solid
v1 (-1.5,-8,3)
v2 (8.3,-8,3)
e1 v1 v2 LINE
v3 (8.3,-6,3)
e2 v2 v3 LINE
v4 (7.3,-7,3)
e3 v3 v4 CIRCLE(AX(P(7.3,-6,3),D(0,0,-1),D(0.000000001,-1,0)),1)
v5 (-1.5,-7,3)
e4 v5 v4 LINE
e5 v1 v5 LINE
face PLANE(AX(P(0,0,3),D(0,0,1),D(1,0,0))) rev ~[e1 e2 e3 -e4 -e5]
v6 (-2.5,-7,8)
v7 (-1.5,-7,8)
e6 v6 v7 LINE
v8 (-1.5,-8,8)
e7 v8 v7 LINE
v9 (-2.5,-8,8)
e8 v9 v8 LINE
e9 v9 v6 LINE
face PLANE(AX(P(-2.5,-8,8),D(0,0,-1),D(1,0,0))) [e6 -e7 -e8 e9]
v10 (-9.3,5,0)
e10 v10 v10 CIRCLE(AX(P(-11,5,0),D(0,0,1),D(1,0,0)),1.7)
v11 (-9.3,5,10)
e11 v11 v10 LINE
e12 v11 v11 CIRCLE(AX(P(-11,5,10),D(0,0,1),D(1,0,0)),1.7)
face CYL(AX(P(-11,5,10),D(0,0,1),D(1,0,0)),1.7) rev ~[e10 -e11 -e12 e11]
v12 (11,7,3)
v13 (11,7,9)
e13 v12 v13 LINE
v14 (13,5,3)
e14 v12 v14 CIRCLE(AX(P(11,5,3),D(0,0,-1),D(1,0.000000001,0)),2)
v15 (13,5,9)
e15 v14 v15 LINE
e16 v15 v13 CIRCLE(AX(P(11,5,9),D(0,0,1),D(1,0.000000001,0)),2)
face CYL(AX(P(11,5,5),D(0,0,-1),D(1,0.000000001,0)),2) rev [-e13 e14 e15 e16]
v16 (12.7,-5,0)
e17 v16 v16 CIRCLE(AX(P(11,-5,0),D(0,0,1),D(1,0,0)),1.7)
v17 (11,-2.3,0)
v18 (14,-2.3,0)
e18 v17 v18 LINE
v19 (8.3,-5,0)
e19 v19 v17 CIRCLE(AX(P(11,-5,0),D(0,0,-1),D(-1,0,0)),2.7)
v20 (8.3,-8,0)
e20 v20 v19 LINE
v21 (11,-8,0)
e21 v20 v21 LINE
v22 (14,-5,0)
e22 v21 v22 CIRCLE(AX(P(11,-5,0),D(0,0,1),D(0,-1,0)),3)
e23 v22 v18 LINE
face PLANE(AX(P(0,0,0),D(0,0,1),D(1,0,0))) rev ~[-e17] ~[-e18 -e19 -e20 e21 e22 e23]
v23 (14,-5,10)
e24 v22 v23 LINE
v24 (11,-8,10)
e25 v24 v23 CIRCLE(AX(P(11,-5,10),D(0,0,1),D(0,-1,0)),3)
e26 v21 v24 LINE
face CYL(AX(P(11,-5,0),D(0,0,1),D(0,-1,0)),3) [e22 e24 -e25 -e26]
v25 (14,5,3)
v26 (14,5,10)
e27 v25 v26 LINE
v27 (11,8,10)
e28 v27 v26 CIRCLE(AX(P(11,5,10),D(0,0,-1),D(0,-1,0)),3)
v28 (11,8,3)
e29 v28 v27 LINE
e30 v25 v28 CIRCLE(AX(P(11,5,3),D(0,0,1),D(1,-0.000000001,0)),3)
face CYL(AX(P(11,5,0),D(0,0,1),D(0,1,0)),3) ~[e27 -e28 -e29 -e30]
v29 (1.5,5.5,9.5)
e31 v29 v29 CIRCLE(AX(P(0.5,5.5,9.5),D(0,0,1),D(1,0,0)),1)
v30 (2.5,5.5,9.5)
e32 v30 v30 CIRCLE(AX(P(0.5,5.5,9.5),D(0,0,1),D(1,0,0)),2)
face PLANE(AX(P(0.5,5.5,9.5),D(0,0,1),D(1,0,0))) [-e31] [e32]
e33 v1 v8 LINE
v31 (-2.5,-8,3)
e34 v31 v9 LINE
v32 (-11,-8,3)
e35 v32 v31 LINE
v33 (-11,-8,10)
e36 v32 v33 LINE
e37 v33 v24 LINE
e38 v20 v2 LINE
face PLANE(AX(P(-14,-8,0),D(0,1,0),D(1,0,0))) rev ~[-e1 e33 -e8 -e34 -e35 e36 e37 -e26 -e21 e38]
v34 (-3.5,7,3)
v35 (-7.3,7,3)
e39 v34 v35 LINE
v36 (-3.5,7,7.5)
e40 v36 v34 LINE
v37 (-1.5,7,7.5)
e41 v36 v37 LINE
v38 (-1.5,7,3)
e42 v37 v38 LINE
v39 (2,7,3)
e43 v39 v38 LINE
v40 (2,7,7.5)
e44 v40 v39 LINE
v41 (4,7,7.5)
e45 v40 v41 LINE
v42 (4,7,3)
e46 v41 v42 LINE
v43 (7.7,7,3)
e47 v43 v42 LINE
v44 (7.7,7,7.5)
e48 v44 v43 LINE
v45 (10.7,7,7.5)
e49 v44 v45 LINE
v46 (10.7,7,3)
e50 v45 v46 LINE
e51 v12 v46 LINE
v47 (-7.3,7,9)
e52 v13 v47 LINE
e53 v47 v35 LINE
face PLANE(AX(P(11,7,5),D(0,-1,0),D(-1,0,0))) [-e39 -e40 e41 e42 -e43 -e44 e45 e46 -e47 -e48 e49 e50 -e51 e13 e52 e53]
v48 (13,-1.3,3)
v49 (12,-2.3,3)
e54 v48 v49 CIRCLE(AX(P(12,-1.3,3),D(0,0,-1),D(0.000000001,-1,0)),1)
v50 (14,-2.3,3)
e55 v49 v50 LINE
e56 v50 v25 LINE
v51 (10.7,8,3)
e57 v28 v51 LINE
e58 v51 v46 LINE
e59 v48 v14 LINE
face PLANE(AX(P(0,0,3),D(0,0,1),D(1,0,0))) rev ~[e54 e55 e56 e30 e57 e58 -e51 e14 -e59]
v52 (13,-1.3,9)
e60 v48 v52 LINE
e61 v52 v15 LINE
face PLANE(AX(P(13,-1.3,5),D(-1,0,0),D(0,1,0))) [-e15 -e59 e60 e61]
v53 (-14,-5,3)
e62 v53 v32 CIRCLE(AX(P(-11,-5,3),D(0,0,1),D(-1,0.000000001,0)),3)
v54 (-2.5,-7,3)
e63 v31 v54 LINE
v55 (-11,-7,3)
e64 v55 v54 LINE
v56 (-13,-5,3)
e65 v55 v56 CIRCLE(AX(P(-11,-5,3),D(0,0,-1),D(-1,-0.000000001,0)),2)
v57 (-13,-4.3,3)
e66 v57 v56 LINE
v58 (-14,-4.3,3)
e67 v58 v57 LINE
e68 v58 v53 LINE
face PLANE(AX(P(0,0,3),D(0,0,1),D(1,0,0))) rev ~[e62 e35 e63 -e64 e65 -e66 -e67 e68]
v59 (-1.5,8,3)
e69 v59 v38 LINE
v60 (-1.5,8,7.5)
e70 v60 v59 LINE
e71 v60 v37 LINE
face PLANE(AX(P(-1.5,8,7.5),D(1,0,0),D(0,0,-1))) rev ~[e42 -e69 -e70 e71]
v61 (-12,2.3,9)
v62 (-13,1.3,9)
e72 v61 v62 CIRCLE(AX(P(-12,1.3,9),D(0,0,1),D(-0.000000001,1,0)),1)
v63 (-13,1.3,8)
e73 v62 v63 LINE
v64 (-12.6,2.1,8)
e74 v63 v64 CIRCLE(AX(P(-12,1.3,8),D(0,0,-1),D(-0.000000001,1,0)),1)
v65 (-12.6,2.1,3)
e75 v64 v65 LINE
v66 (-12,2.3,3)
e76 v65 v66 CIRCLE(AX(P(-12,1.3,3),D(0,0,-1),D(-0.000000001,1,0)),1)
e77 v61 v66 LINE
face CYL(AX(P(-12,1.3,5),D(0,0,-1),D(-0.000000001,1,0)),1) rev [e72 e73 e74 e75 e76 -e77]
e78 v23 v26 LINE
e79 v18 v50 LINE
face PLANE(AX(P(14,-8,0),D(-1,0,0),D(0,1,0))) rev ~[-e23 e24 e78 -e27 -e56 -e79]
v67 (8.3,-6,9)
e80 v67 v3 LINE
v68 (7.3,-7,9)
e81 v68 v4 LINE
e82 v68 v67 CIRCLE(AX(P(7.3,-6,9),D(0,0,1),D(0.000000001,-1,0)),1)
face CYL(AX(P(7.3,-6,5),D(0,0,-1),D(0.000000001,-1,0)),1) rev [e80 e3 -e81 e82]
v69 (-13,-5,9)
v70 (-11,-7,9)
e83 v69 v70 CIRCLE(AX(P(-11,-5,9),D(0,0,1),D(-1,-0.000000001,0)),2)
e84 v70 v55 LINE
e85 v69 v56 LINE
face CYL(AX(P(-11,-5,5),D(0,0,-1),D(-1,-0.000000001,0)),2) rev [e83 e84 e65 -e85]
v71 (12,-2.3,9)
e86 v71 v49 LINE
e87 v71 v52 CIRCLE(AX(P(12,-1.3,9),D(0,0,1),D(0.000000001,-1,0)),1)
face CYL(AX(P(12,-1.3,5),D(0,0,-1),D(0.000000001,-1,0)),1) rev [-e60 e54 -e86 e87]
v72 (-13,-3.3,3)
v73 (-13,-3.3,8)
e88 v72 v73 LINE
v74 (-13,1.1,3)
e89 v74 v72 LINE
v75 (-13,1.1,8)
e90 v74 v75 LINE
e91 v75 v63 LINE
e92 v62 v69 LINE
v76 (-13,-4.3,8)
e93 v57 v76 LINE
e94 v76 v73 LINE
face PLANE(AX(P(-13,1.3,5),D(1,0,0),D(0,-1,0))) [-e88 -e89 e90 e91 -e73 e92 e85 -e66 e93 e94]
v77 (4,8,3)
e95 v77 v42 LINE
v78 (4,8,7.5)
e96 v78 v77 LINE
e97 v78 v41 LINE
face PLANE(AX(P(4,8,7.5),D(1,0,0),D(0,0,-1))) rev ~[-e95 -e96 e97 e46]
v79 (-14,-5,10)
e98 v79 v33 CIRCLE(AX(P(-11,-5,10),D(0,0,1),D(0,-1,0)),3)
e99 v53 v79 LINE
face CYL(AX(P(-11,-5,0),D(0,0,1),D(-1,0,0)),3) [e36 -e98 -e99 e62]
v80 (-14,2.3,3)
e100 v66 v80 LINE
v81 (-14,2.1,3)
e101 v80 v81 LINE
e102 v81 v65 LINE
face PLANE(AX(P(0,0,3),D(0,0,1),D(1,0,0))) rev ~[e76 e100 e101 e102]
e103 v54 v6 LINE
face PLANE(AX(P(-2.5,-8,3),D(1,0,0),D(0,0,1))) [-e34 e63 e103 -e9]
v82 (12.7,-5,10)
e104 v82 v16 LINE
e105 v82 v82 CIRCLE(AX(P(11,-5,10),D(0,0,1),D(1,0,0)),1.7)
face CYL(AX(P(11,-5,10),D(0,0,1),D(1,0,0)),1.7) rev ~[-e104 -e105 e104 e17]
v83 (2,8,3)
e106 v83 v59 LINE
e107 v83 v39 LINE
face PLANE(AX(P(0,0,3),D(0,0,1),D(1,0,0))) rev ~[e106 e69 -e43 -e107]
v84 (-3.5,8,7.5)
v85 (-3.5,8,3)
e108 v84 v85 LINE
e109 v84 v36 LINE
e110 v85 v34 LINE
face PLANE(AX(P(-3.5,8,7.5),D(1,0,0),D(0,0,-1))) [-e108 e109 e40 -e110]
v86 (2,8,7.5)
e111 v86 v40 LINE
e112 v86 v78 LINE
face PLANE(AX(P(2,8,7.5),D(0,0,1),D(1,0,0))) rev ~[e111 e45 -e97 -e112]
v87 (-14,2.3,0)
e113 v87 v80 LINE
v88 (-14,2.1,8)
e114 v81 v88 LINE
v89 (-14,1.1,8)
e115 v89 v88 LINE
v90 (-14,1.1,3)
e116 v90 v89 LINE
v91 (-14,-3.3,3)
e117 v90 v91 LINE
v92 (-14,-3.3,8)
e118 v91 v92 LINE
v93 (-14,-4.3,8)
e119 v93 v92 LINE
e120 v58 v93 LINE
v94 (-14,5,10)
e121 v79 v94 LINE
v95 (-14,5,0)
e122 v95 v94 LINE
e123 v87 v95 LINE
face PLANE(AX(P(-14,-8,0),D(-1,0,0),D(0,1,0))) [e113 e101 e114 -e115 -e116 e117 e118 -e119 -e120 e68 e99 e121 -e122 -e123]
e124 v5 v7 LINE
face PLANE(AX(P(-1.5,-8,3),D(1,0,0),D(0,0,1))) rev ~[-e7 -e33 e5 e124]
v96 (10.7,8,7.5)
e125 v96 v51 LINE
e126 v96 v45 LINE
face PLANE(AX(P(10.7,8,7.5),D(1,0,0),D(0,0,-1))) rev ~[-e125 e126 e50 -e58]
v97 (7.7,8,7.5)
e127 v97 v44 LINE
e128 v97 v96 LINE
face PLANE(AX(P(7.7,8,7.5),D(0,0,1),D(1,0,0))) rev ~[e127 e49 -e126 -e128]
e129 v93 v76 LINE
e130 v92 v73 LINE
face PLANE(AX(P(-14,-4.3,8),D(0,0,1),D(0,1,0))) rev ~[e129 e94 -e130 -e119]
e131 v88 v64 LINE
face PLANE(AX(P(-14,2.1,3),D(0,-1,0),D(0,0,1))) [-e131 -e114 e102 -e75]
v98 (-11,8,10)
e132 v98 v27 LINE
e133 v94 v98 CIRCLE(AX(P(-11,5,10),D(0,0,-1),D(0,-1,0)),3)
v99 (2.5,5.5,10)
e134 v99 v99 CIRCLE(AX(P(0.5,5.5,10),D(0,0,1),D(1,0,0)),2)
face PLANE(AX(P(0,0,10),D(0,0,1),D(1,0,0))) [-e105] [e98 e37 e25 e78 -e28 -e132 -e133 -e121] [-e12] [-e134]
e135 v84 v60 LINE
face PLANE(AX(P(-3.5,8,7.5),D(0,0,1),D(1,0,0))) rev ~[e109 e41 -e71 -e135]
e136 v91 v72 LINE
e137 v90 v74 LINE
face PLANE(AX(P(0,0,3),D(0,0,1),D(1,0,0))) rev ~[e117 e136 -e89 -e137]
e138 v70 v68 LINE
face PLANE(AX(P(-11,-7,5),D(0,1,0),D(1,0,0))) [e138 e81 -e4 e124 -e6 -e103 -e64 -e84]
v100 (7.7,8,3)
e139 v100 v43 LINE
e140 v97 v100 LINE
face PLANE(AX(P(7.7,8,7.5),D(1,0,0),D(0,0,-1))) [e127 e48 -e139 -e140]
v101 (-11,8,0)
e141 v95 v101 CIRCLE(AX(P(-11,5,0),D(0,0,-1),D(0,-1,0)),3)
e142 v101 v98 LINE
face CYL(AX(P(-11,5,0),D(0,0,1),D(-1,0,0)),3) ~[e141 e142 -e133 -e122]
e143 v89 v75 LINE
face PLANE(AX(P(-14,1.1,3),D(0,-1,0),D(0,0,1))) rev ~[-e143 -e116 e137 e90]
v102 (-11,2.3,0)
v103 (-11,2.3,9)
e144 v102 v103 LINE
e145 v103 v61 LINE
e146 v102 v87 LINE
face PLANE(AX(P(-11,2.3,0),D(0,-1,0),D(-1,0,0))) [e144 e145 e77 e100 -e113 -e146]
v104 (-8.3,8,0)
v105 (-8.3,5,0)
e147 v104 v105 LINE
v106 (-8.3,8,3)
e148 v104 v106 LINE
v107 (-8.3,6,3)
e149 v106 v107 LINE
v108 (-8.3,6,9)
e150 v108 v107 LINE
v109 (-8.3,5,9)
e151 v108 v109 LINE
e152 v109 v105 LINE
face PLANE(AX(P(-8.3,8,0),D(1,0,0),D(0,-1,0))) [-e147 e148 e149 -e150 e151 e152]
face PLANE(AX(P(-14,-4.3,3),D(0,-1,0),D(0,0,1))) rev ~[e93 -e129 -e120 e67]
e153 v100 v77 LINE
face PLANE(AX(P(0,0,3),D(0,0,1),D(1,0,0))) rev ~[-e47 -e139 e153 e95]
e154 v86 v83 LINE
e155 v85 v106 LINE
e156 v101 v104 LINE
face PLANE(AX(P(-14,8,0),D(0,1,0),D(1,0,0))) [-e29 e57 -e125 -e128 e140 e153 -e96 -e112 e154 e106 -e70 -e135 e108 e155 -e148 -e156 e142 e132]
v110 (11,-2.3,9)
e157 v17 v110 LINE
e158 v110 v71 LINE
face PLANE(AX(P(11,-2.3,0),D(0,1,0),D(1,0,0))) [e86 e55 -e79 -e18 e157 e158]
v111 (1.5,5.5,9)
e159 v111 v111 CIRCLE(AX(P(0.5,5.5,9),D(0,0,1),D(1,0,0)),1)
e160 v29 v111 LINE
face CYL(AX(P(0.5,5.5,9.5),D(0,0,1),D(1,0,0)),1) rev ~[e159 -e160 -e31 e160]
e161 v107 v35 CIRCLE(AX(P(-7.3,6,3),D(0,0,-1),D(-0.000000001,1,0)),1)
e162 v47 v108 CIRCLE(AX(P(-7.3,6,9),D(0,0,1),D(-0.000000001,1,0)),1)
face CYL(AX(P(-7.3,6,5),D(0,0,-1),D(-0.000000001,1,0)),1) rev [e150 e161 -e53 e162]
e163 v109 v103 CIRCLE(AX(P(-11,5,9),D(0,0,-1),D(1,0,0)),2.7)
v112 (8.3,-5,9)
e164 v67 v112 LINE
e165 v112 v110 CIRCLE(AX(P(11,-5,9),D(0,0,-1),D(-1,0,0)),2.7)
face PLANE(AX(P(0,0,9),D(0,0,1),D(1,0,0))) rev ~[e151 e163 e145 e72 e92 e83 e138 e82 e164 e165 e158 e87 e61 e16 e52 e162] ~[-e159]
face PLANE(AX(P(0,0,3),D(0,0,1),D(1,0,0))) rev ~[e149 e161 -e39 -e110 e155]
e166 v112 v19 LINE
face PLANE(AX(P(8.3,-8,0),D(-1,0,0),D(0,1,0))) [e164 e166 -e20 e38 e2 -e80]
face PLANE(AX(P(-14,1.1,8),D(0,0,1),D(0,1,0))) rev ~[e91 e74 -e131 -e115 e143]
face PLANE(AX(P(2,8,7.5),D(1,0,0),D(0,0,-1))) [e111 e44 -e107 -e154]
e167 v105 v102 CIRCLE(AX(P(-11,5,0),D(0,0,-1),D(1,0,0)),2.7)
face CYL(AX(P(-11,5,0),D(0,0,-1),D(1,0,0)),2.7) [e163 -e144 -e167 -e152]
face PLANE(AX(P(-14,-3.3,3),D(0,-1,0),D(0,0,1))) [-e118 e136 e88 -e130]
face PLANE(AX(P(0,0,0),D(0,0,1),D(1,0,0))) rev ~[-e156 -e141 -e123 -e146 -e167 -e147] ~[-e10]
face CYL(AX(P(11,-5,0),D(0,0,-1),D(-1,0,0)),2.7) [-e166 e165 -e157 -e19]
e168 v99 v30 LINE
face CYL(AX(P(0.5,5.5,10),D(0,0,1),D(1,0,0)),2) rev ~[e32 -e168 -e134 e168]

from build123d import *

# Parameters (mm, degrees)
SZKIC1_W                        = 28
SZKIC1_H                        = 16
DODANIE_WYCI_GNI_CIE1_DEPTH     = 10
WYTNIJ_WYCI_GNI_CIE1_REACH      = 12
SZKIC2_R                        = 1.7
ZAOKR_GLENIE1_R                 = 3
WYTNIJ_WYCI_GNI_CIE2_DEPTH      = 4
WYTNIJ_WYCI_GNI_CIE2_DEPTH_BACK = 4
WYTNIJ_WYCI_GNI_CIE3_DEPTH      = 3
WYTNIJ_WYCI_GNI_CIE4_REACH      = 18
SZKIC5_W                        = 2
SZKIC5_H                        = 4.5
SZKIC5_W_2                      = 3
SZKIC6_R                        = 2
WYTNIJ_WYCI_GNI_CIE5_DEPTH      = 0.5
WYTNIJ_WYCI_GNI_CIE6_REACH      = 11.5
SZKIC7_R                        = 1
WYTNIJ_WYCI_GNI_CIE7_REACH      = 30
SZKIC8_W                        = 5
SZKIC8_H                        = 1
WYTNIJ_WYCI_GNI_CIE8_REACH      = 18
SZKIC9_W                        = 1
SZKIC9_H                        = 5


with BuildPart() as part:
    # Szkic1 → Dodanie-wyciągnięcie1 (new body)
    with BuildSketch(Plane.XY):
        Rectangle(SZKIC1_W, SZKIC1_H)
    extrude(amount=DODANIE_WYCI_GNI_CIE1_DEPTH)

    # Szkic2 → Wytnij-wyciągnięcie1 (cut, up to next)
    with BuildSketch(Plane.XY.offset(10), mode=Mode.PRIVATE) as wytnij_wyci_gni_cie1_sk1:
        with Locations((-11, 5)):
            Circle(SZKIC2_R)
    wytnij_wyci_gni_cie1_tool1 = extrude(wytnij_wyci_gni_cie1_sk1.sketch, amount=-WYTNIJ_WYCI_GNI_CIE1_REACH, mode=Mode.PRIVATE) & part.part
    add(wytnij_wyci_gni_cie1_tool1.solids().sort_by_distance((-11, 5, 10))[0], mode=Mode.SUBTRACT)
    # Szkic2 → Wytnij-wyciągnięcie1 (cut, up to next)
    with BuildSketch(Plane.XY.offset(10), mode=Mode.PRIVATE) as wytnij_wyci_gni_cie1_sk2:
        with Locations((11, -5)):
            Circle(SZKIC2_R)
    wytnij_wyci_gni_cie1_tool2 = extrude(wytnij_wyci_gni_cie1_sk2.sketch, amount=-WYTNIJ_WYCI_GNI_CIE1_REACH, mode=Mode.PRIVATE) & part.part
    add(wytnij_wyci_gni_cie1_tool2.solids().sort_by_distance((11, -5, 10))[0], mode=Mode.SUBTRACT)

    # Zaokrąglenie1
    zaokr_glenie1_edges = [part.edges().sort_by_distance(p)[0] for p in [
        (14, -8, 5),
        (-14, -8, 5),
        (-14, 8, 5),
        (14, 8, 5),
    ]]
    fillet(zaokr_glenie1_edges, radius=ZAOKR_GLENIE1_R)

    # Szkic3 → Wytnij-wyciągnięcie2 (cut, two sides)
    with BuildSketch(Plane.XY.offset(5)) as wytnij_wyci_gni_cie2_sk:
        with BuildLine():
            Line((11, 7), (-7.3, 7))
            ThreePointArc((-7.3, 7), (-8.007106781, 6.707106781), (-8.3, 6))
            Line((-8.3, 6), (-8.3, 5))
            ThreePointArc((-8.3, 5), (-9.090811691, 3.090811691), (-11, 2.3))
            Line((-11, 2.3), (-12, 2.3))
            ThreePointArc((-12, 2.3), (-12.707106781, 2.007106781), (-13, 1.3))
            Line((-13, 1.3), (-13, -5))
            ThreePointArc((-13, -5), (-12.414213562, -6.414213562), (-11, -7))
            Line((-11, -7), (7.3, -7))
            ThreePointArc((7.3, -7), (8.007106781, -6.707106781), (8.3, -6))
            Line((8.3, -6), (8.3, -5))
            ThreePointArc((8.3, -5), (9.090811691, -3.090811691), (11, -2.3))
            Line((11, -2.3), (12, -2.3))
            ThreePointArc((12, -2.3), (12.707106781, -2.007106781), (13, -1.3))
            Line((13, -1.3), (13, 5))
            ThreePointArc((13, 5), (12.414213562, 6.414213562), (11, 7))
        make_face()
    extrude(amount=WYTNIJ_WYCI_GNI_CIE2_DEPTH, mode=Mode.SUBTRACT)
    extrude(wytnij_wyci_gni_cie2_sk.sketch, amount=-WYTNIJ_WYCI_GNI_CIE2_DEPTH_BACK, mode=Mode.SUBTRACT)

    # Szkic4 → Wytnij-wyciągnięcie3 (cut)
    with BuildSketch(Plane(origin=(0, 0, 0), x_dir=(-1, 0, 0), z_dir=(0, 0, -1))):
        with BuildLine():
            Line((-11, 8), (8.3, 8))
            Line((8.3, 8), (8.3, 5))
            ThreePointArc((8.3, 5), (9.090811691, 3.090811691), (11, 2.3))
            Line((11, 2.3), (14, 2.3))
            Line((14, 2.3), (14, -5))
            ThreePointArc((14, -5), (13.121320344, -7.121320344), (11, -8))
            Line((11, -8), (-8.3, -8))
            Line((-8.3, -8), (-8.3, -5))
            ThreePointArc((-8.3, -5), (-9.090811691, -3.090811691), (-11, -2.3))
            Line((-11, -2.3), (-14, -2.3))
            Line((-14, -2.3), (-14, 5))
            ThreePointArc((-14, 5), (-13.121320344, 7.121320344), (-11, 8))
        make_face()
    extrude(amount=-WYTNIJ_WYCI_GNI_CIE3_DEPTH, mode=Mode.SUBTRACT)

    # Szkic5 → Wytnij-wyciągnięcie4 (cut, up to next)
    with BuildSketch(Plane(origin=(0, 8, 0), x_dir=(1, 0, 0), z_dir=(0, 1, 0)), mode=Mode.PRIVATE) as wytnij_wyci_gni_cie4_sk1:
        with Locations((3, -5.25)):
            Rectangle(SZKIC5_W, SZKIC5_H)
    wytnij_wyci_gni_cie4_tool1 = extrude(wytnij_wyci_gni_cie4_sk1.sketch, amount=-WYTNIJ_WYCI_GNI_CIE4_REACH, mode=Mode.PRIVATE) & part.part
    add(wytnij_wyci_gni_cie4_tool1.solids().sort_by_distance((3, 8, 5.25))[0], mode=Mode.SUBTRACT)
    # Szkic5 → Wytnij-wyciągnięcie4 (cut, up to next)
    with BuildSketch(Plane(origin=(0, 8, 0), x_dir=(1, 0, 0), z_dir=(0, 1, 0)), mode=Mode.PRIVATE) as wytnij_wyci_gni_cie4_sk2:
        with Locations((9.2, -5.25)):
            Rectangle(SZKIC5_W_2, SZKIC5_H)
    wytnij_wyci_gni_cie4_tool2 = extrude(wytnij_wyci_gni_cie4_sk2.sketch, amount=-WYTNIJ_WYCI_GNI_CIE4_REACH, mode=Mode.PRIVATE) & part.part
    add(wytnij_wyci_gni_cie4_tool2.solids().sort_by_distance((9.2, 8, 5.25))[0], mode=Mode.SUBTRACT)
    # Szkic5 → Wytnij-wyciągnięcie4 (cut, up to next)
    with BuildSketch(Plane(origin=(0, 8, 0), x_dir=(1, 0, 0), z_dir=(0, 1, 0)), mode=Mode.PRIVATE) as wytnij_wyci_gni_cie4_sk3:
        with Locations((-2.5, -5.25)):
            Rectangle(SZKIC5_W, SZKIC5_H)
    wytnij_wyci_gni_cie4_tool3 = extrude(wytnij_wyci_gni_cie4_sk3.sketch, amount=-WYTNIJ_WYCI_GNI_CIE4_REACH, mode=Mode.PRIVATE) & part.part
    add(wytnij_wyci_gni_cie4_tool3.solids().sort_by_distance((-2.5, 8, 5.25))[0], mode=Mode.SUBTRACT)

    # Szkic6 → Wytnij-wyciągnięcie5 (cut)
    with BuildSketch(Plane.XY.offset(10)):
        with Locations((0.5, 5.5)):
            Circle(SZKIC6_R)
    extrude(amount=-WYTNIJ_WYCI_GNI_CIE5_DEPTH, mode=Mode.SUBTRACT)

    # Szkic7 → Wytnij-wyciągnięcie6 (cut, up to next)
    with BuildSketch(Plane.XY.offset(9.5), mode=Mode.PRIVATE) as wytnij_wyci_gni_cie6_sk1:
        with Locations((0.5, 5.5)):
            Circle(SZKIC7_R)
    wytnij_wyci_gni_cie6_tool1 = extrude(wytnij_wyci_gni_cie6_sk1.sketch, amount=-WYTNIJ_WYCI_GNI_CIE6_REACH, mode=Mode.PRIVATE) & part.part
    add(wytnij_wyci_gni_cie6_tool1.solids().sort_by_distance((0.5, 5.5, 9.5))[0], mode=Mode.SUBTRACT)

    # Szkic8 → Wytnij-wyciągnięcie7 (cut, up to next)
    with BuildSketch(Plane.ZY.offset(14), mode=Mode.PRIVATE) as wytnij_wyci_gni_cie7_sk1:
        with Locations((5.5, 1.6)):
            Rectangle(SZKIC8_W, SZKIC8_H)
    wytnij_wyci_gni_cie7_tool1 = extrude(wytnij_wyci_gni_cie7_sk1.sketch, amount=-WYTNIJ_WYCI_GNI_CIE7_REACH, mode=Mode.PRIVATE) & part.part
    add(wytnij_wyci_gni_cie7_tool1.solids().sort_by_distance((-14, 1.6, 5.5))[0], mode=Mode.SUBTRACT)
    # Szkic8 → Wytnij-wyciągnięcie7 (cut, up to next)
    with BuildSketch(Plane.ZY.offset(14), mode=Mode.PRIVATE) as wytnij_wyci_gni_cie7_sk2:
        with Locations((5.5, -3.8)):
            Rectangle(SZKIC8_W, SZKIC8_H)
    wytnij_wyci_gni_cie7_tool2 = extrude(wytnij_wyci_gni_cie7_sk2.sketch, amount=-WYTNIJ_WYCI_GNI_CIE7_REACH, mode=Mode.PRIVATE) & part.part
    add(wytnij_wyci_gni_cie7_tool2.solids().sort_by_distance((-14, -3.8, 5.5))[0], mode=Mode.SUBTRACT)

    # Szkic9 → Wytnij-wyciągnięcie8 (cut, up to next)
    with BuildSketch(Plane.XZ.offset(8), mode=Mode.PRIVATE) as wytnij_wyci_gni_cie8_sk1:
        with Locations((-2, 5.5)):
            Rectangle(SZKIC9_W, SZKIC9_H)
    wytnij_wyci_gni_cie8_tool1 = extrude(wytnij_wyci_gni_cie8_sk1.sketch, amount=-WYTNIJ_WYCI_GNI_CIE8_REACH, mode=Mode.PRIVATE) & part.part
    add(wytnij_wyci_gni_cie8_tool1.solids().sort_by_distance((-2, -8, 5.5))[0], mode=Mode.SUBTRACT)


solid = part.part
